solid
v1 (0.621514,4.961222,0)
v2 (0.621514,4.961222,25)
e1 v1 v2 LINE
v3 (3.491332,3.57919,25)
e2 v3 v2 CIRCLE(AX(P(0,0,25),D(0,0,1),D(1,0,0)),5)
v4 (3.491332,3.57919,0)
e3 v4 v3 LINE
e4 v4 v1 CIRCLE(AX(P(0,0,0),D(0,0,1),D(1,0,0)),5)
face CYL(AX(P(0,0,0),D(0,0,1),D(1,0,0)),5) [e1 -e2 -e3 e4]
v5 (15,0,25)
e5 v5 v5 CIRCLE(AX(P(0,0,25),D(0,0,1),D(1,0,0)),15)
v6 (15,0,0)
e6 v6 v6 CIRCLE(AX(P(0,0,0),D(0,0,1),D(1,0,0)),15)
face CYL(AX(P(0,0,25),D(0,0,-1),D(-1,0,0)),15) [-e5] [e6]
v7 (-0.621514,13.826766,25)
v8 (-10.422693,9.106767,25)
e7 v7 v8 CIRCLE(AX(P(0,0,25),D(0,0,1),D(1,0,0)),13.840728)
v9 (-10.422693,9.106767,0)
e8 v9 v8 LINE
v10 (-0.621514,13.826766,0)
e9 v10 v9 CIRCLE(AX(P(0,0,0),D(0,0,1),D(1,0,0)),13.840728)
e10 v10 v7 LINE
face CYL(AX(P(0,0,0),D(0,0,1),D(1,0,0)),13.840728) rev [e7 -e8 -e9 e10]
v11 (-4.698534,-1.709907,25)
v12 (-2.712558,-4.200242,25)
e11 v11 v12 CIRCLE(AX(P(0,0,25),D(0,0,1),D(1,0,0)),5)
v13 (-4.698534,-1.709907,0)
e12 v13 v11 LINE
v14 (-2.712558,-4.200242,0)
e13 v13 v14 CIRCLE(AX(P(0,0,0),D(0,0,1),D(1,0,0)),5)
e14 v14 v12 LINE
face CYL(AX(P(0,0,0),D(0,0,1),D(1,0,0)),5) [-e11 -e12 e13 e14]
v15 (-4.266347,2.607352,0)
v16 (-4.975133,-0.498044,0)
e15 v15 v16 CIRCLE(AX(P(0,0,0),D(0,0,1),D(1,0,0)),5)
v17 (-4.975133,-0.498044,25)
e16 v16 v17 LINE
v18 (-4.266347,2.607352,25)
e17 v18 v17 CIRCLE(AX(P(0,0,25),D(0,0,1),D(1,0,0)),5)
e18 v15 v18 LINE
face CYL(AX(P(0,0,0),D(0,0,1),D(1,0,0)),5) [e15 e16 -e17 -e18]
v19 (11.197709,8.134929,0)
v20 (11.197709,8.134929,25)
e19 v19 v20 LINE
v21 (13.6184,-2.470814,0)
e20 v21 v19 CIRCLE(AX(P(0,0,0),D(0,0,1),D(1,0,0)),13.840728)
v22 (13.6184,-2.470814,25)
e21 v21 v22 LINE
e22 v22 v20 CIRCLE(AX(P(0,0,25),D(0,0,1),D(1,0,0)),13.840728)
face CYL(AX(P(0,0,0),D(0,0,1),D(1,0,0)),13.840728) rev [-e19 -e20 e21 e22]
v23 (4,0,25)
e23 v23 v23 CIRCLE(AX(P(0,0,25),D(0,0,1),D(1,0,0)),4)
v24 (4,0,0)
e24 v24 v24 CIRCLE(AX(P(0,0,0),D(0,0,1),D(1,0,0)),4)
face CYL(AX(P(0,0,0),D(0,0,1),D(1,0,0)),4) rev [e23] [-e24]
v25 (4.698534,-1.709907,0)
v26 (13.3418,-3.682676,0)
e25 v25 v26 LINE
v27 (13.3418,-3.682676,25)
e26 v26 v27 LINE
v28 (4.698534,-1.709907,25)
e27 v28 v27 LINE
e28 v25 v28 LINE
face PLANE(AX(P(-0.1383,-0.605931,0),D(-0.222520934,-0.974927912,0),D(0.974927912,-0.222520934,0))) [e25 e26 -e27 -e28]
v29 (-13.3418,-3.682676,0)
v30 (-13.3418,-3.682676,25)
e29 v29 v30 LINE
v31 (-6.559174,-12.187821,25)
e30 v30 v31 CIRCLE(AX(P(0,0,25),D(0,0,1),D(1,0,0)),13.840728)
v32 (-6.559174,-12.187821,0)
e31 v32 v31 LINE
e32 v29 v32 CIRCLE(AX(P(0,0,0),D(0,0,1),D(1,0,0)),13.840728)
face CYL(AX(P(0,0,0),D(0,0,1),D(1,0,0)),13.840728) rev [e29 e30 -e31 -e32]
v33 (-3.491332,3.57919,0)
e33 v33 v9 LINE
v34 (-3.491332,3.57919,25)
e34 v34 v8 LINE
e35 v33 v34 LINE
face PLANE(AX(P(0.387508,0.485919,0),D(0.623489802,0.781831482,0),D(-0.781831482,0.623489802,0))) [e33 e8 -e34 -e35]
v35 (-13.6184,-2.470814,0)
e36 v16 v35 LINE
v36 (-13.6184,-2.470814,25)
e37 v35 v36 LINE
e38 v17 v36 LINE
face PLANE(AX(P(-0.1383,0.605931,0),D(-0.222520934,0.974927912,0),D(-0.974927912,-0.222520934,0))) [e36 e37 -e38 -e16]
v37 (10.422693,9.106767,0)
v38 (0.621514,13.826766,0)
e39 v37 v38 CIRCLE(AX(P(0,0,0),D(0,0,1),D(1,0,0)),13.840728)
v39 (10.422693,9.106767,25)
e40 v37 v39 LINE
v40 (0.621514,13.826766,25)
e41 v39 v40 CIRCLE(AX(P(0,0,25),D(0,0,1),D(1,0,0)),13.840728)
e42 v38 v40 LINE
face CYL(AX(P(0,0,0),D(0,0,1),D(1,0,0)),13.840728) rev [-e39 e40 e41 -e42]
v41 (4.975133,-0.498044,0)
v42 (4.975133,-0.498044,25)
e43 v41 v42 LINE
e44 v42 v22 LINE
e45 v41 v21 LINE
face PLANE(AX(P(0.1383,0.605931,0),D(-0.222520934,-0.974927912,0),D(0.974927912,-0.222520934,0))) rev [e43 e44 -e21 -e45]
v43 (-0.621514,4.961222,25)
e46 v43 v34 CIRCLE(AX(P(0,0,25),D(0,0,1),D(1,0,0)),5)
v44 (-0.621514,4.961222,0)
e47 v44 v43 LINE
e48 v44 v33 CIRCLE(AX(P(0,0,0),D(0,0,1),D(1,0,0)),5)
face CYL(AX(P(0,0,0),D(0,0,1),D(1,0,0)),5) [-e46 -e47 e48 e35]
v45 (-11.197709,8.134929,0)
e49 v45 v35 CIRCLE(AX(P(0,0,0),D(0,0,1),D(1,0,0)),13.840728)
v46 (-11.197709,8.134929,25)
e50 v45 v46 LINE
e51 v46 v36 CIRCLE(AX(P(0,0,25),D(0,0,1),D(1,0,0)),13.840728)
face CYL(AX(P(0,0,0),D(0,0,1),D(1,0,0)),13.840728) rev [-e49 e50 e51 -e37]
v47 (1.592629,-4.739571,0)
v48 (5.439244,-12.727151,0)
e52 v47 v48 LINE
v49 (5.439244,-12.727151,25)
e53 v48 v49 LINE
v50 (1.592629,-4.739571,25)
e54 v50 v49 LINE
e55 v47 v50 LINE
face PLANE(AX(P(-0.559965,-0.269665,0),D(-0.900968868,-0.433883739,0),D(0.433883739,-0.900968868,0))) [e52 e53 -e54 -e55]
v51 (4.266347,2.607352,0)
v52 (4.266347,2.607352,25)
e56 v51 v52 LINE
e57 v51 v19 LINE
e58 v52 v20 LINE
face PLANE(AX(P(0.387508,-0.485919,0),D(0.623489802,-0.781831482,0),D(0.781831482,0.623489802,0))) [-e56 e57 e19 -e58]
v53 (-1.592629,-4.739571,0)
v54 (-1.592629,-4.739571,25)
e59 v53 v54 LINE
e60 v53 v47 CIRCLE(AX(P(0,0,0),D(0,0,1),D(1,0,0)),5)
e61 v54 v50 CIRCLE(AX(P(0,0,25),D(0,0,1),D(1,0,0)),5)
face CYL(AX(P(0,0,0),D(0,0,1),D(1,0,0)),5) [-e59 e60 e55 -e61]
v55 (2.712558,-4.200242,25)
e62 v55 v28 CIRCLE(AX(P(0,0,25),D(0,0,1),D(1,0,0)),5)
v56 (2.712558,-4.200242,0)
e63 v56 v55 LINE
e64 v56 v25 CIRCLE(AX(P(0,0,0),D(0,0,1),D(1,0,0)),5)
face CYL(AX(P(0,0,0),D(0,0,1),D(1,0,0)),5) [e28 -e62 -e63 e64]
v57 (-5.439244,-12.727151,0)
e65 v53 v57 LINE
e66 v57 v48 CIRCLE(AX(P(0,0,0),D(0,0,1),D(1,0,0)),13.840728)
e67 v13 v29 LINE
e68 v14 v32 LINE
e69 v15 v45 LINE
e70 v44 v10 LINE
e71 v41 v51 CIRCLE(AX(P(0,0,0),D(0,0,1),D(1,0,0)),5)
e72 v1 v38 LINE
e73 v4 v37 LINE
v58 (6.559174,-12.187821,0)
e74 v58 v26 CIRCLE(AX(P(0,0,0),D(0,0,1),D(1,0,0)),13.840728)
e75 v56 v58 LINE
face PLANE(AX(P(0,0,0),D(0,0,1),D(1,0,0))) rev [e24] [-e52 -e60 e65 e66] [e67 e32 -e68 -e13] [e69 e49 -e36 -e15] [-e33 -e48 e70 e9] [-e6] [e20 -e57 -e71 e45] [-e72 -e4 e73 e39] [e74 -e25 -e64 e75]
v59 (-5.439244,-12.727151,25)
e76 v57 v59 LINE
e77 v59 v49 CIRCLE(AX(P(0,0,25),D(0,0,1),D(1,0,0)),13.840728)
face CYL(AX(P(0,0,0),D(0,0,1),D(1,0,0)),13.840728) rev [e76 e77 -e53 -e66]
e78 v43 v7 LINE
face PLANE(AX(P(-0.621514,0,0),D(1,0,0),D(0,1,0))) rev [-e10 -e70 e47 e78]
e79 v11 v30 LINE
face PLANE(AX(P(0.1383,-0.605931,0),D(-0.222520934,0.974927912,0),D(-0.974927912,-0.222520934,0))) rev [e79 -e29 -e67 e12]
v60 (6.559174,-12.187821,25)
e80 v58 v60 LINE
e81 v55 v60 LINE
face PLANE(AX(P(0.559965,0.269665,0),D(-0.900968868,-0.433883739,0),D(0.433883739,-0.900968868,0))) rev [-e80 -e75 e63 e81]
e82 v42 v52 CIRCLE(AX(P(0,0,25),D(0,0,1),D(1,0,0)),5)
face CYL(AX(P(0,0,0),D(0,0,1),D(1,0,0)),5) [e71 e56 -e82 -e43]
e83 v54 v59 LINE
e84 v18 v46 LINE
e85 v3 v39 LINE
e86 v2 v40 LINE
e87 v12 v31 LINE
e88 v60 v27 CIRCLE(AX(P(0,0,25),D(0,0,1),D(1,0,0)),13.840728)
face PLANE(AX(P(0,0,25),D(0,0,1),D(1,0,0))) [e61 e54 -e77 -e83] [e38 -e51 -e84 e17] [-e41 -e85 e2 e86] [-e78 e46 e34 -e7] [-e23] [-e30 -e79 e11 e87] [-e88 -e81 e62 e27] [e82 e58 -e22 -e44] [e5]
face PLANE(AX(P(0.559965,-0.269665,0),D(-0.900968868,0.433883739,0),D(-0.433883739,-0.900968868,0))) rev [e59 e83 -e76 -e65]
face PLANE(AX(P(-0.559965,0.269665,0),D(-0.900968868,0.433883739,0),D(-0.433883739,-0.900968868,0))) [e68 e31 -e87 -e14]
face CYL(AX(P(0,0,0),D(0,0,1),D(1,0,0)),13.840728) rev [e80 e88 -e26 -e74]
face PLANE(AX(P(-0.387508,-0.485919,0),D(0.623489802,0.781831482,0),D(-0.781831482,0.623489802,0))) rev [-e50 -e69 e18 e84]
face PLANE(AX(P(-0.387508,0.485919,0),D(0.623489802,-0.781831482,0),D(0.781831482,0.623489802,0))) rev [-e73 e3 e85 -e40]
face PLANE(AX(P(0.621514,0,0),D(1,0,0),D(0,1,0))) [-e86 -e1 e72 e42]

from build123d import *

# Parameters (mm, degrees)
SKETCH1_R           = 15
BOSS_EXTRUDE1_DEPTH = 25
SKETCH2_R           = 4
CUT_EXTRUDE1_DEPTH  = 25


with BuildPart() as part:
    # Sketch1 → Boss-Extrude1 (new body)
    with BuildSketch(Plane.XY):
        Circle(SKETCH1_R)
    extrude(amount=BOSS_EXTRUDE1_DEPTH)

    # Sketch2 → Cut-Extrude1 (cut)
    with BuildSketch(Plane.XY.offset(25)):
        with BuildLine():
            ThreePointArc((10.42269345, 9.106766731), (6.005266621, 12.47006463), (0.621513859, 13.826766056))
            Line((0.621513859, 13.826766056), (0.621513859, 4.961221676))
            ThreePointArc((0.621513859, 4.961221676), (2.169418696, 4.50484434), (3.491331745, 3.579190222))
            Line((3.491331745, 3.579190222), (10.42269345, 9.106766731))
        make_face()
        with BuildLine():
            Line((-0.621513859, 4.961221676), (-0.621513859, 13.826766056))
            ThreePointArc((-0.621513859, 13.826766056), (-6.005266621, 12.47006463), (-10.42269345, 9.106766731))
            Line((-10.42269345, 9.106766731), (-3.491331745, 3.579190222))
            ThreePointArc((-3.491331745, 3.579190222), (-2.169418696, 4.50484434), (-0.621513859, 4.961221676))
        make_face()
        Circle(SKETCH2_R)
        with BuildLine():
            ThreePointArc((13.618400008, -2.470813687), (13.493711611, 3.079851621), (11.197708557, 8.134928527))
            Line((11.197708557, 8.134928527), (4.266346851, 2.607352018))
            ThreePointArc((4.266346851, 2.607352018), (4.874639561, 1.11260467), (4.975133335, -0.498044472))
            Line((4.975133335, -0.498044472), (13.618400008, -2.470813687))
        make_face()
        with BuildLine():
            Line((-4.266346851, 2.607352018), (-11.197708557, 8.134928527))
            ThreePointArc((-11.197708557, 8.134928527), (-13.493711611, 3.079851621), (-13.618400008, -2.470813687))
            Line((-13.618400008, -2.470813687), (-4.975133335, -0.498044472))
            ThreePointArc((-4.975133335, -0.498044472), (-4.874639561, 1.11260467), (-4.266346851, 2.607352018))
        make_face()
        with BuildLine():
            ThreePointArc((6.559173595, -12.187821003), (10.821116537, -8.629552476), (13.341800319, -3.682676106))
            Line((13.341800319, -3.682676106), (4.698533646, -1.70990689))
            ThreePointArc((4.698533646, -1.70990689), (3.909157412, -3.117449009), (2.71255805, -4.20024152))
            Line((2.71255805, -4.20024152), (6.559173595, -12.187821003))
        make_face()
        with BuildLine():
            Line((-4.698533646, -1.70990689), (-13.341800319, -3.682676106))
            ThreePointArc((-13.341800319, -3.682676106), (-10.821116537, -8.629552476), (-6.559173595, -12.187821003))
            Line((-6.559173595, -12.187821003), (-2.71255805, -4.20024152))
            ThreePointArc((-2.71255805, -4.20024152), (-3.909157412, -3.117449009), (-4.698533646, -1.70990689))
        make_face()
        with BuildLine():
            ThreePointArc((-5.439244318, -12.727150518), (0, -13.840727548), (5.439244318, -12.727150518))
            Line((5.439244318, -12.727150518), (1.592628773, -4.739571034))
            ThreePointArc((1.592628773, -4.739571034), (0, -5), (-1.592628773, -4.739571034))
            Line((-1.592628773, -4.739571034), (-5.439244318, -12.727150518))
        make_face()
    extrude(amount=-CUT_EXTRUDE1_DEPTH, mode=Mode.SUBTRACT)


solid = part.part
